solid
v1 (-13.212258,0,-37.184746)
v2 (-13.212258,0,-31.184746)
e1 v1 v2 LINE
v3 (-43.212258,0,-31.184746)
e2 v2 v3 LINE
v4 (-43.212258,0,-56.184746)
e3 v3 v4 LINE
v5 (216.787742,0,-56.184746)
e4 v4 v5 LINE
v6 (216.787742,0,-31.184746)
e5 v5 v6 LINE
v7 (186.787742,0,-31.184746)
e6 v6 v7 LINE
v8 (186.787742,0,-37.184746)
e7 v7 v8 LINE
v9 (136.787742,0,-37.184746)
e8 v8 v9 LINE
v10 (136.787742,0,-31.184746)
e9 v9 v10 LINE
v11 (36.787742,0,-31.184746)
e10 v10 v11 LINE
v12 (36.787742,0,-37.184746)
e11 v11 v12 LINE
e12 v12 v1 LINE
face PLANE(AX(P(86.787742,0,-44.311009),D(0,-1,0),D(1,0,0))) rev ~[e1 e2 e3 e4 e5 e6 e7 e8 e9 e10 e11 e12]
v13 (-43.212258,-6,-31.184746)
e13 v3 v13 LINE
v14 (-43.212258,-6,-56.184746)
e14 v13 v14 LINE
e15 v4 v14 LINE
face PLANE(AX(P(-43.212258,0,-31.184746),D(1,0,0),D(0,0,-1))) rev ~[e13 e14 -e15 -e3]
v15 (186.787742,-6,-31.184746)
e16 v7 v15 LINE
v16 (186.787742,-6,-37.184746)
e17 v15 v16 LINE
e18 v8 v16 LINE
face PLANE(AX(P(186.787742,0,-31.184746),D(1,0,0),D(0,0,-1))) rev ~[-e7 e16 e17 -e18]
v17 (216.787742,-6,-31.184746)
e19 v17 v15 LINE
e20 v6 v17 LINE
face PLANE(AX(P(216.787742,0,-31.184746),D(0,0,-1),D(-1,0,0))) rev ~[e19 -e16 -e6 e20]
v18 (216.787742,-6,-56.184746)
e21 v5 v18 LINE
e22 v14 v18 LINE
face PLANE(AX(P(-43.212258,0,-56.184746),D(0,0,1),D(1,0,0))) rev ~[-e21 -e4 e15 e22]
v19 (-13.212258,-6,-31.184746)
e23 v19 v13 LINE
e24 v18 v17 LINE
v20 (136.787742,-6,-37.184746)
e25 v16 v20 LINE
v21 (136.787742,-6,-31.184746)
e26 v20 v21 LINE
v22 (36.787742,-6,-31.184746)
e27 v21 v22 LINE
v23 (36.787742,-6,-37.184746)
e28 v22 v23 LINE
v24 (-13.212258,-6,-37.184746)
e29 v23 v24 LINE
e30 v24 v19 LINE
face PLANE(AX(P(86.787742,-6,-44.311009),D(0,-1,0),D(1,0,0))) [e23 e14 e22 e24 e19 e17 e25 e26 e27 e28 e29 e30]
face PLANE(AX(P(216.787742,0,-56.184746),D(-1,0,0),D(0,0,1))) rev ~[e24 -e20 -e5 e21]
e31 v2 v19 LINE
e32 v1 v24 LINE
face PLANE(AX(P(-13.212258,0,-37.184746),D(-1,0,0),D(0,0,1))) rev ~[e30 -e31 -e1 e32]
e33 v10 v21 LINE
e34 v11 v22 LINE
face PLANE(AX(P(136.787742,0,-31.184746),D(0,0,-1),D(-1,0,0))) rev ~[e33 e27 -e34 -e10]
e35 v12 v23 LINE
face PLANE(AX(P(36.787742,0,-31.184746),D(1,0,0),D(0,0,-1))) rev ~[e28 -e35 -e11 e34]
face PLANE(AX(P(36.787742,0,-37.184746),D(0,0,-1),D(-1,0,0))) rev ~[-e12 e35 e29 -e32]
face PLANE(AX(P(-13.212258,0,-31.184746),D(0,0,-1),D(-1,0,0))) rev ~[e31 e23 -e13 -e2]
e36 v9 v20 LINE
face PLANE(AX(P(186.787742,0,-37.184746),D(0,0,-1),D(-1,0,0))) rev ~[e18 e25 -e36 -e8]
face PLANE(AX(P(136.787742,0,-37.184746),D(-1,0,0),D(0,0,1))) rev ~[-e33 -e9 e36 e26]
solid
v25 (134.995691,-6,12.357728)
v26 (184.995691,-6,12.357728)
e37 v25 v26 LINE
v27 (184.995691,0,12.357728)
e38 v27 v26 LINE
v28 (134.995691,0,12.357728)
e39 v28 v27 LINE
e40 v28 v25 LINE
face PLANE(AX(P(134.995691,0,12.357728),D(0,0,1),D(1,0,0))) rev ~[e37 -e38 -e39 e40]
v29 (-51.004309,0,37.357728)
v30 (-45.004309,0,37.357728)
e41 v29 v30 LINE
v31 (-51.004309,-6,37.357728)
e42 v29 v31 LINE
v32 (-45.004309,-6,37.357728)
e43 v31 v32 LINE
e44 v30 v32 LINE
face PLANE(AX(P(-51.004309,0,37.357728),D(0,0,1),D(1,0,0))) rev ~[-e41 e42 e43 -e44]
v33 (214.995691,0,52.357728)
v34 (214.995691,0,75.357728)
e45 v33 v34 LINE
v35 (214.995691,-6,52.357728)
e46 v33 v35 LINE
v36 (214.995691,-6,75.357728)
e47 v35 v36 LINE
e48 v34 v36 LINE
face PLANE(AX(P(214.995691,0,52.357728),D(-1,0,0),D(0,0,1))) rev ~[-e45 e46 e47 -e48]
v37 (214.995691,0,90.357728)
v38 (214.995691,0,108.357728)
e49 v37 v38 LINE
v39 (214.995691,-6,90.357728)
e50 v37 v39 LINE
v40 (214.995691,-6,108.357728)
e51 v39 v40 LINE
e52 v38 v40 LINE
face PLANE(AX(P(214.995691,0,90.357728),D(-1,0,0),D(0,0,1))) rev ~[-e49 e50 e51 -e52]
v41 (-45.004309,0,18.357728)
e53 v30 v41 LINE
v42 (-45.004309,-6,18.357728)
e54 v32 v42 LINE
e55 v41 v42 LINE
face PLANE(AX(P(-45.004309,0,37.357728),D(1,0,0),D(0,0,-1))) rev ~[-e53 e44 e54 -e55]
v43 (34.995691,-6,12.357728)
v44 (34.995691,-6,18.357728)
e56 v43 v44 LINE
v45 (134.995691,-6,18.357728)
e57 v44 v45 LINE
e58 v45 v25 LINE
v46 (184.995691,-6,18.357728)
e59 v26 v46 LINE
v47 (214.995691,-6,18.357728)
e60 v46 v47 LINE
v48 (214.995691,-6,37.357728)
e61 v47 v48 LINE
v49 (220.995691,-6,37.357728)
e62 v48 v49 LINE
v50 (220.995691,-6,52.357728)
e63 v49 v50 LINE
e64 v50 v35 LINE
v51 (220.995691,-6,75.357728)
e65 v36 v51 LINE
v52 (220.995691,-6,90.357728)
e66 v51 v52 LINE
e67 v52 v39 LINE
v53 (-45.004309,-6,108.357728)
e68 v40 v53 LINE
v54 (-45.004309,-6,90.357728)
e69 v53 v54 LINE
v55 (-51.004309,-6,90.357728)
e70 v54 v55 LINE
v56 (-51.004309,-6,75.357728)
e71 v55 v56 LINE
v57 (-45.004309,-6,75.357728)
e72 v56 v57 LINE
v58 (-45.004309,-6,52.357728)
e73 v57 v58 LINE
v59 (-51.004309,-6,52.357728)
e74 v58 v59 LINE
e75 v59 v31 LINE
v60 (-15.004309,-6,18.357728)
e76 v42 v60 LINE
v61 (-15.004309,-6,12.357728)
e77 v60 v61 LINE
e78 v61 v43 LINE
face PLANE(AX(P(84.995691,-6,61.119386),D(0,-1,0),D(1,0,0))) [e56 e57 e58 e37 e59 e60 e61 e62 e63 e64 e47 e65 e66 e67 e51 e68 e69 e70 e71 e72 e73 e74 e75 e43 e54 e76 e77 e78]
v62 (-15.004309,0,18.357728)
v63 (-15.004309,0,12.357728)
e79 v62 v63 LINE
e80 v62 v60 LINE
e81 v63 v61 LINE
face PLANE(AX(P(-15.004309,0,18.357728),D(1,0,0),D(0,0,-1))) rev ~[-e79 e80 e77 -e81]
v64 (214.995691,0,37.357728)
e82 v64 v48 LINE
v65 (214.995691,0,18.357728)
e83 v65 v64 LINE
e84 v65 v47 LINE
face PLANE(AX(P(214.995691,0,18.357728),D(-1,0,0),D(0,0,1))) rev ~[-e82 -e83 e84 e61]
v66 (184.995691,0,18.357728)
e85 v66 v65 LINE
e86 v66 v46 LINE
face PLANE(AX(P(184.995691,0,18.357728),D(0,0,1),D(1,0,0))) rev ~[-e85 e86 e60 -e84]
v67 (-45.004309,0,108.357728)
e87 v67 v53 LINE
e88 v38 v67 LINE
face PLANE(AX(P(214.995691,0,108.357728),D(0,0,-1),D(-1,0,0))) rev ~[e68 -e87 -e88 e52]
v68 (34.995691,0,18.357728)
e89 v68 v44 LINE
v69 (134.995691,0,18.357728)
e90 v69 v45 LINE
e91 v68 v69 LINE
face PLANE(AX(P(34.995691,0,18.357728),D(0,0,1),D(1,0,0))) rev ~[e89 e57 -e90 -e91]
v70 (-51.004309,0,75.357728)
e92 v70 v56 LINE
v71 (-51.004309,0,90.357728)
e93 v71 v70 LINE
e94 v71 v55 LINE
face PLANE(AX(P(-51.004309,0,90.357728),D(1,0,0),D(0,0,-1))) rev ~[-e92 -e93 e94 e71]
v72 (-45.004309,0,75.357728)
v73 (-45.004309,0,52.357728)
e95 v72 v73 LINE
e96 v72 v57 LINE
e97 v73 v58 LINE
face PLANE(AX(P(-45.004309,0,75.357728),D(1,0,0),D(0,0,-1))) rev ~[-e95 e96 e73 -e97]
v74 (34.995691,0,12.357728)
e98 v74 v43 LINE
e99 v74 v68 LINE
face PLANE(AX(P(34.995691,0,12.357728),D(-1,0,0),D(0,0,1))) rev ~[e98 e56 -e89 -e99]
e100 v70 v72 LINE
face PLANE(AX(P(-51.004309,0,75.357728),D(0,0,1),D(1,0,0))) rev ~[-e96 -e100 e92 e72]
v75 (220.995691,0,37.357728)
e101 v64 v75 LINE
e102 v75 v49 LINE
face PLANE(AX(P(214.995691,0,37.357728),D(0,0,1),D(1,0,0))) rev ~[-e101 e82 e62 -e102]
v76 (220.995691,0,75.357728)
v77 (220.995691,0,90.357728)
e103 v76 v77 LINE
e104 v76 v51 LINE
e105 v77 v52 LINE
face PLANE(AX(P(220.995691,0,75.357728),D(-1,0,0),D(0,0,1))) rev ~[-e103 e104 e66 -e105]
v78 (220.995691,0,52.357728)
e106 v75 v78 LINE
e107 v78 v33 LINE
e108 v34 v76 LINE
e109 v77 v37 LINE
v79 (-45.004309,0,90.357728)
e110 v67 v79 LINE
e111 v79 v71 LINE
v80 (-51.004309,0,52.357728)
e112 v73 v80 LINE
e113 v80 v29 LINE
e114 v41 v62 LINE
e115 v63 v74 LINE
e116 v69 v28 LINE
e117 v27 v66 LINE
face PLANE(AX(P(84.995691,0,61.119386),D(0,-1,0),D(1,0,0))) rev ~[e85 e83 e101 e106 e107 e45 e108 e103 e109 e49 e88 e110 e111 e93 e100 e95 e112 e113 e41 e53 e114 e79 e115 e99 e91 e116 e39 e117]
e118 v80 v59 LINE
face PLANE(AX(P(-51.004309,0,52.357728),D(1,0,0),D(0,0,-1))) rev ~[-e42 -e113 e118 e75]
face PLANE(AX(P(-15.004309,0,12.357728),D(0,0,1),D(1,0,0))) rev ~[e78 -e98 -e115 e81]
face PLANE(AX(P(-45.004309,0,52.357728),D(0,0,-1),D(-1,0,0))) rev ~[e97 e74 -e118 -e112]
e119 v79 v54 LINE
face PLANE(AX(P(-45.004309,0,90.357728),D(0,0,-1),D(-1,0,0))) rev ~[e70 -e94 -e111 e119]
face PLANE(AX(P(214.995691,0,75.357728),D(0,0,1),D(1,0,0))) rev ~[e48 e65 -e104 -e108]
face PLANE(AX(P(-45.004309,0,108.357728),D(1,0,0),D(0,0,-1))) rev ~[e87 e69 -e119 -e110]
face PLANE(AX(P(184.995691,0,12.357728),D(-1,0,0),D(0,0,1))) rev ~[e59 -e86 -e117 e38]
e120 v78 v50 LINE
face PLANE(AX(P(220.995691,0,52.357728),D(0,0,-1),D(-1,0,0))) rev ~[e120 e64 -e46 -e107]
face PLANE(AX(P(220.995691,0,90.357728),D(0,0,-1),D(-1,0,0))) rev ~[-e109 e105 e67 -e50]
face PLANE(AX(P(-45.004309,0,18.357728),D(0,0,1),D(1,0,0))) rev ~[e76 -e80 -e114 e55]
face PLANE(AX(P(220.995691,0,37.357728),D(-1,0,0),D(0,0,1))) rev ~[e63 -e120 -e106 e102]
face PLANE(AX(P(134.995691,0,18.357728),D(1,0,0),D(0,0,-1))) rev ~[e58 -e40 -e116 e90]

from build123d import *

# Parameters (mm, degrees)
F1_DEPTH = 6


with BuildPart() as f1:
    # F0 (on Front) → F1 (new body)
    with BuildSketch(Plane.XZ):
        Polygon((214.995691, 108.357728), (-45.004309, 108.357728), (-45.004309, 90.357728), (-51.004309, 90.357728), (-51.004309, 75.357728), (-45.004309, 75.357728), (-45.004309, 52.357728), (-51.004309, 52.357728), (-51.004309, 37.357728), (-45.004309, 37.357728), (-45.004309, 18.357728), (-15.004309, 18.357728), (-15.004309, 12.357728), (34.995691, 12.357728), (34.995691, 18.357728), (134.995691, 18.357728), (134.995691, 12.357728), (184.995691, 12.357728), (184.995691, 18.357728), (214.995691, 18.357728), (214.995691, 37.357728), (220.995691, 37.357728), (220.995691, 52.357728), (214.995691, 52.357728), (214.995691, 75.357728), (220.995691, 75.357728), (220.995691, 90.357728), (214.995691, 90.357728), align=None)
        Polygon((-13.212258, -31.184746), (-43.212258, -31.184746), (-43.212258, -56.184746), (216.787742, -56.184746), (216.787742, -31.184746), (186.787742, -31.184746), (186.787742, -37.184746), (136.787742, -37.184746), (136.787742, -31.184746), (36.787742, -31.184746), (36.787742, -37.184746), (-13.212258, -37.184746), align=None)
    extrude(amount=F1_DEPTH)


solid = f1.part
